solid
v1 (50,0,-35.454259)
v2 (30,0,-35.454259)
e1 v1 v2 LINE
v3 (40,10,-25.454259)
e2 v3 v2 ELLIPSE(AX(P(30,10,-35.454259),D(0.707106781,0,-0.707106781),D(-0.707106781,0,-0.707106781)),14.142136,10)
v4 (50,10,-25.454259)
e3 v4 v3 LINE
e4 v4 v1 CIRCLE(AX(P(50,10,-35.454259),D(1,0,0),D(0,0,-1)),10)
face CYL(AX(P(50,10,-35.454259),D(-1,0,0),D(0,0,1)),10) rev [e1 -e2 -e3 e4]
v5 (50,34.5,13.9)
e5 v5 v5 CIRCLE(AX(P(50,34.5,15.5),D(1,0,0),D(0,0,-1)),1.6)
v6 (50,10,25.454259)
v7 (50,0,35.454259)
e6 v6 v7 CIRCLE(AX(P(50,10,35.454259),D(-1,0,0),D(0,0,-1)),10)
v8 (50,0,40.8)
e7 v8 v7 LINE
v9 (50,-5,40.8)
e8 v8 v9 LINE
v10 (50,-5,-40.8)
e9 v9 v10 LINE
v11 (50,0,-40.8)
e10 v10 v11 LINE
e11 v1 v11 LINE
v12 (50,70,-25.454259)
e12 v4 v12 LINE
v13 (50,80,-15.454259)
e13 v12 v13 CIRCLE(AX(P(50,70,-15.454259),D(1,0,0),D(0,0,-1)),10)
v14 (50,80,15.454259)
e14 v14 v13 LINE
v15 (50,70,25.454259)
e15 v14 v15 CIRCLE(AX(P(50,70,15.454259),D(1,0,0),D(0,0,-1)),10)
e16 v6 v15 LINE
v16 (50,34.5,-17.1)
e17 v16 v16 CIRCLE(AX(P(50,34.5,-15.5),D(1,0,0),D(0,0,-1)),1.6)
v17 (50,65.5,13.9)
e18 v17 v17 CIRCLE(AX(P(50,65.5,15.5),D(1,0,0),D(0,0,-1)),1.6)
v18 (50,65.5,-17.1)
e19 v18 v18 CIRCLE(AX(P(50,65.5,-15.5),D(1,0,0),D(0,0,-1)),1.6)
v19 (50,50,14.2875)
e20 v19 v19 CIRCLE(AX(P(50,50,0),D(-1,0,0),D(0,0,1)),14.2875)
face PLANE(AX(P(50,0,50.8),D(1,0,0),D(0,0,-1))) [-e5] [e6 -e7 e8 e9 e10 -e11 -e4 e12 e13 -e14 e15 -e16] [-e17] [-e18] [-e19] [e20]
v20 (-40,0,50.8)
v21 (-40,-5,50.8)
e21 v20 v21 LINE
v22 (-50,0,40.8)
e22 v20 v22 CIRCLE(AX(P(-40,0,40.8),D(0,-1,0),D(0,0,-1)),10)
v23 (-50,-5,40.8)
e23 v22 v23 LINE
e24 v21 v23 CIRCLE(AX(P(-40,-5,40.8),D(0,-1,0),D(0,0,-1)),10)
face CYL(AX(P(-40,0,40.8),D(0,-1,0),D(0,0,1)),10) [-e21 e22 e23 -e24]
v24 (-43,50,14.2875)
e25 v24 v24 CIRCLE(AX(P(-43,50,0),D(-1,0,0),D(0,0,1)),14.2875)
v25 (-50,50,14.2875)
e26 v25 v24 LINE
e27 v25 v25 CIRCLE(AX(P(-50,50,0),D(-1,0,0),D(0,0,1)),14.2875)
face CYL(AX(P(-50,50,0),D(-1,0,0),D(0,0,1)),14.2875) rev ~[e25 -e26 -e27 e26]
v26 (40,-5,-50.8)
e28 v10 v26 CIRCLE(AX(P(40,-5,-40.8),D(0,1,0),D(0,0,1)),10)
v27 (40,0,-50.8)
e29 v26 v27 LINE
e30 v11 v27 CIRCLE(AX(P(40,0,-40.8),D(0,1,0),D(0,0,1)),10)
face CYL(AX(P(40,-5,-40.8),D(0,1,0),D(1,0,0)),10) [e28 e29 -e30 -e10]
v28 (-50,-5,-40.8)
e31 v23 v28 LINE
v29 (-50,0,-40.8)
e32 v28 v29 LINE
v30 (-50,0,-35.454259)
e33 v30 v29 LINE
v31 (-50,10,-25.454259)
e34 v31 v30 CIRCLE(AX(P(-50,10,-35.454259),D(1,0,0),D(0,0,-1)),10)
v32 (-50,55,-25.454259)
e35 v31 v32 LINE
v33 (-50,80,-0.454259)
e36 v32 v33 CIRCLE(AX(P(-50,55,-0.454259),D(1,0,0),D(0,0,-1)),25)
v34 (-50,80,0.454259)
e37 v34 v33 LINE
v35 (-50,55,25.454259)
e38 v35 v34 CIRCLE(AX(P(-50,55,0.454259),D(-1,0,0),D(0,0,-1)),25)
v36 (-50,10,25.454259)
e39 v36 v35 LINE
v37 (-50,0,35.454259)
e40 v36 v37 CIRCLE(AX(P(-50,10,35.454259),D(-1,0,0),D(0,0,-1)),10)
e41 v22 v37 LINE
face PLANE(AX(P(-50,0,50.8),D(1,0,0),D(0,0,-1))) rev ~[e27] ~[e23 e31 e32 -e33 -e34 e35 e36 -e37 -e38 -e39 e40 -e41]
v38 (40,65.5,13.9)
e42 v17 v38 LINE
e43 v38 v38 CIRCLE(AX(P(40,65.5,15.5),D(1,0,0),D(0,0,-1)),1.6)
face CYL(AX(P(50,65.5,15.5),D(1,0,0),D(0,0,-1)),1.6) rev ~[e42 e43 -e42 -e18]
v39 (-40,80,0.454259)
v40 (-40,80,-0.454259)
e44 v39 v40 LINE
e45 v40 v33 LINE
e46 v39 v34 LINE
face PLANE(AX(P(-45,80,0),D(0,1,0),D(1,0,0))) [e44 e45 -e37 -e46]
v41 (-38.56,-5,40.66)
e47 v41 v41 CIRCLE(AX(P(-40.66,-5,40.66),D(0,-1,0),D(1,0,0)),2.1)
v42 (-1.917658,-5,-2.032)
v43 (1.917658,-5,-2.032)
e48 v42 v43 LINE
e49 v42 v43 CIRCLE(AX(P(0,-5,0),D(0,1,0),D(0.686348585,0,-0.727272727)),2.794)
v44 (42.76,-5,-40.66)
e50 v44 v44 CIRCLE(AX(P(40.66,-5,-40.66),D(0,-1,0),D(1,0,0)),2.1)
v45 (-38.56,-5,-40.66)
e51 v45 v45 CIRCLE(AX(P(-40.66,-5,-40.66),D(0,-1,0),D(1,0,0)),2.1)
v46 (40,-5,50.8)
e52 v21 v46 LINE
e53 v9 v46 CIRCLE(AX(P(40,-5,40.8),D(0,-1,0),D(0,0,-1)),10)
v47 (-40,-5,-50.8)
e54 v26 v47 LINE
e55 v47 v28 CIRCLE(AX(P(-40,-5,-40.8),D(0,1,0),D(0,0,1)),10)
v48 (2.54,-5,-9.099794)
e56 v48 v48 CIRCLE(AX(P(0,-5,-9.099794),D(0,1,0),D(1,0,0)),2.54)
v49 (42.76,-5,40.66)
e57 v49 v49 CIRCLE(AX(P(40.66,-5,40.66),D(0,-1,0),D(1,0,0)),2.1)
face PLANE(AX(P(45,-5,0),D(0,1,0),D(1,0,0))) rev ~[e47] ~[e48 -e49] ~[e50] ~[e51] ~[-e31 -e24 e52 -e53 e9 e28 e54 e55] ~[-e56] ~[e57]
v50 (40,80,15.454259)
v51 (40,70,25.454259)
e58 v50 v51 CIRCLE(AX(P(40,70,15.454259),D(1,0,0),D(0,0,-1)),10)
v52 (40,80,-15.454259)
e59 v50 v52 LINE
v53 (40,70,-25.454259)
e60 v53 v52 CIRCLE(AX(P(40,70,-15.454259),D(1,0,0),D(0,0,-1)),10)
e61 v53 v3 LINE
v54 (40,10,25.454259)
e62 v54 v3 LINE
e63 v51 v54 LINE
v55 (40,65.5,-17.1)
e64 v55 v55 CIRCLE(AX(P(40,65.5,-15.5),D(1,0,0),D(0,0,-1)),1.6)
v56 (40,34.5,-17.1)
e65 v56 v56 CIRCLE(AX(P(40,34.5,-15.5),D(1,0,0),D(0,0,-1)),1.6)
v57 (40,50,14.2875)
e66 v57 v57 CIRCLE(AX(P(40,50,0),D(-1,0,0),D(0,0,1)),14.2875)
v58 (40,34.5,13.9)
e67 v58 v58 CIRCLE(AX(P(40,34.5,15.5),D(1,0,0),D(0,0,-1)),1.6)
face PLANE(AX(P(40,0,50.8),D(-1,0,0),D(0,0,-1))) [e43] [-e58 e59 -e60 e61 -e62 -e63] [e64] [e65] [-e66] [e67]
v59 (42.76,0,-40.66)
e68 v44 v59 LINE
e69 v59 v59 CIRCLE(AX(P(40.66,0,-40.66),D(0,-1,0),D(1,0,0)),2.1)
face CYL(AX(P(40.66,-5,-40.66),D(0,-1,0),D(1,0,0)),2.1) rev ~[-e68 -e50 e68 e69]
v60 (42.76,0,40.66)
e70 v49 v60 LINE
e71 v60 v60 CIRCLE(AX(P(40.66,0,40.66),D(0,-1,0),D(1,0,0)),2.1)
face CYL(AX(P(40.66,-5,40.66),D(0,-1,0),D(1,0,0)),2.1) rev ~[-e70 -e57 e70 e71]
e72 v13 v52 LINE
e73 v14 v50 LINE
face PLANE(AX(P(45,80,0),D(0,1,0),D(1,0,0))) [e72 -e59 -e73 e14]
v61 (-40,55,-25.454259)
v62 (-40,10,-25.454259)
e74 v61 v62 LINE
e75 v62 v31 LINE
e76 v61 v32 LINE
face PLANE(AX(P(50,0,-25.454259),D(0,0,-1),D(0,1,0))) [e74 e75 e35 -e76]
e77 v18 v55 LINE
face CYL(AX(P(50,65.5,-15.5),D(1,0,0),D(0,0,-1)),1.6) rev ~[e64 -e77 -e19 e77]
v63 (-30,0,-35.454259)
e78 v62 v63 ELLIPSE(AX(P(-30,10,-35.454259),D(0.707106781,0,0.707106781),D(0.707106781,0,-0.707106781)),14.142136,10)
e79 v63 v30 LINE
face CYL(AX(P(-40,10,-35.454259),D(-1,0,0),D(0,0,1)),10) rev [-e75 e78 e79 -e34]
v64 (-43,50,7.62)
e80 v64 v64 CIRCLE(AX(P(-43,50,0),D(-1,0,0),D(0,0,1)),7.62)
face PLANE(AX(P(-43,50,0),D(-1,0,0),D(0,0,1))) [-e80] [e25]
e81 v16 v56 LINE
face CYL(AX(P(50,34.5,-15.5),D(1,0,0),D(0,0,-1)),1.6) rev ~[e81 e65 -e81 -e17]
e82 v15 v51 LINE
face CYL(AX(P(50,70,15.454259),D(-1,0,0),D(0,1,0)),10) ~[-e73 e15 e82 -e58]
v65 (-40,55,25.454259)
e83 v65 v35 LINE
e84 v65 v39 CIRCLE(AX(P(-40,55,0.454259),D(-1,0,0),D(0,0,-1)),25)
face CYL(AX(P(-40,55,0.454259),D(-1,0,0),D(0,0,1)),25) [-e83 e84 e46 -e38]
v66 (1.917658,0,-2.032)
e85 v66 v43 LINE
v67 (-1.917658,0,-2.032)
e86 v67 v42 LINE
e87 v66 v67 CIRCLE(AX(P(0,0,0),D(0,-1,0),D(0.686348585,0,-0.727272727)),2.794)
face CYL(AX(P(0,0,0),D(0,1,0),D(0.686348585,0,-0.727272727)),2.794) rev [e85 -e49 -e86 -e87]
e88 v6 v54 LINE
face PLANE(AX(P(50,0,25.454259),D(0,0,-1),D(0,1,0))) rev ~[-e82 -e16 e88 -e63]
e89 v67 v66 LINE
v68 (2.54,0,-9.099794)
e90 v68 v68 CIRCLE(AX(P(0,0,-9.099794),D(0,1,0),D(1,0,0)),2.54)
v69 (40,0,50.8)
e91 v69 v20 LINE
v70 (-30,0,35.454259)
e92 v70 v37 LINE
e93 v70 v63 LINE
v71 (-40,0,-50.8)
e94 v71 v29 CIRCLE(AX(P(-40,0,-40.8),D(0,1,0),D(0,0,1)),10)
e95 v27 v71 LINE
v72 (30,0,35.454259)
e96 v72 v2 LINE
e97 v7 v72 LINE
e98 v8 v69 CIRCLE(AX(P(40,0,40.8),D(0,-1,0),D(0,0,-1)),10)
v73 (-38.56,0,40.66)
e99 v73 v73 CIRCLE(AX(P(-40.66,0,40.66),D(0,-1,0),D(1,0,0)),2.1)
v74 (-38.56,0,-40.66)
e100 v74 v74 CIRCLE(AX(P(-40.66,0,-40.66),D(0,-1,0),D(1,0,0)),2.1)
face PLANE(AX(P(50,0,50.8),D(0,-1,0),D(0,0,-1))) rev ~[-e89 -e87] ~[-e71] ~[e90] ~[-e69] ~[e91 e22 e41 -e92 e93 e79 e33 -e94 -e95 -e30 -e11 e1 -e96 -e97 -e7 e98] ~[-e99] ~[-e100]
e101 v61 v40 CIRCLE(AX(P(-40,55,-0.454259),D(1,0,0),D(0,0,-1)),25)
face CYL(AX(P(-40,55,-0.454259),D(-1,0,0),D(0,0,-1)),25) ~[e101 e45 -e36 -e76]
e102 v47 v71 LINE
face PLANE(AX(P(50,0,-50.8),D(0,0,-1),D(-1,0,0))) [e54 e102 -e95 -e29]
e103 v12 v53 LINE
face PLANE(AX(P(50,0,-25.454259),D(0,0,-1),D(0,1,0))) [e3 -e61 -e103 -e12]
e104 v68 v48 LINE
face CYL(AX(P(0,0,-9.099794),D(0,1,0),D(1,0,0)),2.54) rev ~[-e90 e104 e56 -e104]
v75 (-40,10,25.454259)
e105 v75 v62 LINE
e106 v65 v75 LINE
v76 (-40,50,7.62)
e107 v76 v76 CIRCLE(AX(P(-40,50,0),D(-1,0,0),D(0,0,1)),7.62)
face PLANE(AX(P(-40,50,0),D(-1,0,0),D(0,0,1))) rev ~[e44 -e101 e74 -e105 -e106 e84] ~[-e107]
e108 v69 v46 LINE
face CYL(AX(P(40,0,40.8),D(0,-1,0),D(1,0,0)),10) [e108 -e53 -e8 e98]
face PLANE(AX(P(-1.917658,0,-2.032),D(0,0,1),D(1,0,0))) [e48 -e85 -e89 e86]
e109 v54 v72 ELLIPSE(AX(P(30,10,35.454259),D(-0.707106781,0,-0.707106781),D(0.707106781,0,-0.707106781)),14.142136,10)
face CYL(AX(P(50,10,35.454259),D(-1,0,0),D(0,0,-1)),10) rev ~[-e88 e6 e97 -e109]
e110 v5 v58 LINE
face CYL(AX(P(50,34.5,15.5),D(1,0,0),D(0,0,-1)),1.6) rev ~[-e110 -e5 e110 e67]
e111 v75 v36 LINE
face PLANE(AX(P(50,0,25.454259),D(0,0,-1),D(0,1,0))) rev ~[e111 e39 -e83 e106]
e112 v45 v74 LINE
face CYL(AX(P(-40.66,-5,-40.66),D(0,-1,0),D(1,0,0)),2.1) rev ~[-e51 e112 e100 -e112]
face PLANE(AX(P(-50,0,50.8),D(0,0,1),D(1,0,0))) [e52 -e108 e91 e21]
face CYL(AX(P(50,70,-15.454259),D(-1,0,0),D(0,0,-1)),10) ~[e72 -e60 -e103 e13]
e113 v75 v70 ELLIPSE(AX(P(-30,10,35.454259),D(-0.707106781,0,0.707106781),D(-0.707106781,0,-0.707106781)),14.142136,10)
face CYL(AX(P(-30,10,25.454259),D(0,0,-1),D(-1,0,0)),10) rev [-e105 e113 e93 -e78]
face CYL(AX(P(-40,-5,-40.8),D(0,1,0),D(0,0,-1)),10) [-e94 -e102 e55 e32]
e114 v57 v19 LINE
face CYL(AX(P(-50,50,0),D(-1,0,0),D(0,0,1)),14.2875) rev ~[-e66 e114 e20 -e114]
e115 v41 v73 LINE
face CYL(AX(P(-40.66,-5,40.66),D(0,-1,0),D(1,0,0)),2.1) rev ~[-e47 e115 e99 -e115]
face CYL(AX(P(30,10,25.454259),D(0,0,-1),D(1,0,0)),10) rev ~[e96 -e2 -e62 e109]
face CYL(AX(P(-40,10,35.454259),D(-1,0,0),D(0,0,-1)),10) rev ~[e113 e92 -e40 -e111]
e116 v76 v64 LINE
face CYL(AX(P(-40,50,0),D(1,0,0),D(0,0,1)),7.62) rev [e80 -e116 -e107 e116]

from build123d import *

# Parameters (mm, degrees)
SKETCH2_W             = 10
SKETCH2_H             = 101.6
BOSS_EXTRUDE1_DEPTH   = 80
BOSS_EXTRUDE1_2_DEPTH = 80
SKETCH2_3_W           = 10
SKETCH2_3_H           = 101.6
SKETCH2_3_W_2         = 80
BOSS_EXTRUDE2_DEPTH   = 5
SKETCH3_R             = 14.2875
CUT_EXTRUDE1_DEPTH    = 117
SKETCH4_W             = 25.345740838
SKETCH4_H             = 80
CUT_EXTRUDE2_DEPTH    = 119
FILLET3_R             = 10
FILLET2_R             = 10
SKETCH7_R             = 1.6
CUT_EXTRUDE4_DEPTH    = 21
BOSS_EXTRUDE3_START   = 80
SKETCH8_R             = 14.2875
SKETCH8_R_2           = 7.62
BOSS_EXTRUDE3_DEPTH   = 3
SKETCH9_R             = 2.1
CUT_EXTRUDE5_DEPTH    = 5
CUT_EXTRUDE6_DEPTH    = 10
SKETCH10_R            = 2.54
CUT_EXTRUDE7_DEPTH    = 10
FILLET4_R             = 25


with BuildPart() as part:
    # Sketch2 → Boss-Extrude1 (new body)
    with BuildSketch(Plane(origin=(0, 0, 0), x_dir=(1, 0, 0), z_dir=(0, 1, 0))):
        with Locations((-45, 0)):
            Rectangle(SKETCH2_W, SKETCH2_H)
    extrude(amount=BOSS_EXTRUDE1_DEPTH)



with BuildPart() as body_2:
    # Sketch2 → Boss-Extrude1 2 (new body)
    with BuildSketch(Plane(origin=(0, 0, 0), x_dir=(1, 0, 0), z_dir=(0, 1, 0))):
        with Locations((45, 0)):
            Rectangle(SKETCH2_W, SKETCH2_H)
    extrude(amount=BOSS_EXTRUDE1_2_DEPTH)


with BuildPart() as part_1:
    add(part.part)

    add(body_2.part)  # Boss-Extrude2 merges body 2
    # Sketch2<3> → Boss-Extrude2 (add)
    with BuildSketch(Plane(origin=(0, 0, 0), x_dir=(1, 0, 0), z_dir=(0, 1, 0))):
        with Locations((45, 0)):
            Rectangle(SKETCH2_3_W, SKETCH2_3_H)
        Rectangle(SKETCH2_3_W_2, SKETCH2_3_H)
        with Locations((-45, 0)):
            Rectangle(SKETCH2_3_W, SKETCH2_3_H)
    extrude(amount=-BOSS_EXTRUDE2_DEPTH)

    # Sketch3 → Cut-Extrude1 (cut)
    with BuildSketch(Plane.ZY.offset(50)):
        with Locations((0, 50)):
            Circle(SKETCH3_R)
    extrude(amount=-CUT_EXTRUDE1_DEPTH, mode=Mode.SUBTRACT)

    # Sketch4 → Cut-Extrude2 (cut)
    with BuildSketch(Plane(origin=(50, 0, 0), x_dir=(0, 0, -1), z_dir=(1, 0, 0))):
        with Locations((-38.127129581, 40)):
            Rectangle(SKETCH4_W, SKETCH4_H)
        with Locations((38.127129581, 40)):
            Rectangle(SKETCH4_W, SKETCH4_H)
    extrude(amount=-CUT_EXTRUDE2_DEPTH, mode=Mode.SUBTRACT)

    # Fillet3
    fillet3_edges = [part_1.edges().sort_by_distance(p)[0] for p in [
        (45, 80, -25.454259162),
        (45, 80, 25.454259162),
        (40, 0, 0),
        (-40, 0, 0),
        (-45, 0, 25.454259162),
        (45, 0, 25.454259162),
        (-45, 0, -25.454259162),
        (45, 0, -25.454259162),
    ]]
    fillet(fillet3_edges, radius=FILLET3_R)

    # Fillet2
    fillet2_edges = [part_1.edges().sort_by_distance(p)[0] for p in [
        (50, -2.5, -50.8),
        (50, -2.5, 50.8),
        (-50, -2.5, 50.8),
        (-50, -2.5, -50.8),
    ]]
    fillet(fillet2_edges, radius=FILLET2_R)

    # Sketch7 → Cut-Extrude4 (cut)
    with BuildSketch(Plane(origin=(50, 0, 0), x_dir=(0, 0, -1), z_dir=(1, 0, 0))):
        with Locations((-15.5, 65.5)):
            Circle(SKETCH7_R)
        with Locations((15.5, 65.5)):
            Circle(SKETCH7_R)
        with Locations((15.5, 34.5)):
            Circle(SKETCH7_R)
        with Locations((-15.5, 34.5)):
            Circle(SKETCH7_R)
    extrude(amount=-CUT_EXTRUDE4_DEPTH, mode=Mode.SUBTRACT)

    # Sketch8 → Boss-Extrude3 (add)
    with BuildSketch(Plane.ZY.offset(-40).offset(BOSS_EXTRUDE3_START)):
        with Locations((0, 50)):
            Circle(SKETCH8_R)
        with Locations((0, 50)):
            Circle(SKETCH8_R_2, mode=Mode.SUBTRACT)
    extrude(amount=BOSS_EXTRUDE3_DEPTH)

    # Sketch9 → Cut-Extrude5 (cut)
    with BuildSketch(Plane.XZ.offset(5)):
        with Locations((-40.66, 40.66)):
            Circle(SKETCH9_R)
        with Locations((40.66, 40.66)):
            Circle(SKETCH9_R)
        with Locations((-40.66, -40.66)):
            Circle(SKETCH9_R)
        with Locations((40.66, -40.66)):
            Circle(SKETCH9_R)
    extrude(amount=-CUT_EXTRUDE5_DEPTH, mode=Mode.SUBTRACT)

    # Sketch5 → Cut-Extrude6 (cut)
    with BuildSketch(Plane(origin=(0, 0, 0), x_dir=(1, 0, 0), z_dir=(0, 1, 0))):
        with BuildLine():
            Line((-1.917657947, 2.032), (1.917657947, 2.032))
            ThreePointArc((1.917657947, 2.032), (0, -2.794), (-1.917657947, 2.032))
        make_face()
    extrude(amount=-CUT_EXTRUDE6_DEPTH, mode=Mode.SUBTRACT)

    # Sketch10 → Cut-Extrude7 (cut)
    with BuildSketch(Plane(origin=(0, 0, 0), x_dir=(1, 0, 0), z_dir=(0, 1, 0))):
        with Locations((0, 9.099794366)):
            Circle(SKETCH10_R)
    extrude(amount=-CUT_EXTRUDE7_DEPTH, mode=Mode.SUBTRACT)

    # Fillet4
    fillet4_edges = [part_1.edges().sort_by_distance(p)[0] for p in [
        (-45, 80, 25.454259162),
        (-45, 80, -25.454259162),
    ]]
    fillet(fillet4_edges, radius=FILLET4_R)


solid = part_1.part
